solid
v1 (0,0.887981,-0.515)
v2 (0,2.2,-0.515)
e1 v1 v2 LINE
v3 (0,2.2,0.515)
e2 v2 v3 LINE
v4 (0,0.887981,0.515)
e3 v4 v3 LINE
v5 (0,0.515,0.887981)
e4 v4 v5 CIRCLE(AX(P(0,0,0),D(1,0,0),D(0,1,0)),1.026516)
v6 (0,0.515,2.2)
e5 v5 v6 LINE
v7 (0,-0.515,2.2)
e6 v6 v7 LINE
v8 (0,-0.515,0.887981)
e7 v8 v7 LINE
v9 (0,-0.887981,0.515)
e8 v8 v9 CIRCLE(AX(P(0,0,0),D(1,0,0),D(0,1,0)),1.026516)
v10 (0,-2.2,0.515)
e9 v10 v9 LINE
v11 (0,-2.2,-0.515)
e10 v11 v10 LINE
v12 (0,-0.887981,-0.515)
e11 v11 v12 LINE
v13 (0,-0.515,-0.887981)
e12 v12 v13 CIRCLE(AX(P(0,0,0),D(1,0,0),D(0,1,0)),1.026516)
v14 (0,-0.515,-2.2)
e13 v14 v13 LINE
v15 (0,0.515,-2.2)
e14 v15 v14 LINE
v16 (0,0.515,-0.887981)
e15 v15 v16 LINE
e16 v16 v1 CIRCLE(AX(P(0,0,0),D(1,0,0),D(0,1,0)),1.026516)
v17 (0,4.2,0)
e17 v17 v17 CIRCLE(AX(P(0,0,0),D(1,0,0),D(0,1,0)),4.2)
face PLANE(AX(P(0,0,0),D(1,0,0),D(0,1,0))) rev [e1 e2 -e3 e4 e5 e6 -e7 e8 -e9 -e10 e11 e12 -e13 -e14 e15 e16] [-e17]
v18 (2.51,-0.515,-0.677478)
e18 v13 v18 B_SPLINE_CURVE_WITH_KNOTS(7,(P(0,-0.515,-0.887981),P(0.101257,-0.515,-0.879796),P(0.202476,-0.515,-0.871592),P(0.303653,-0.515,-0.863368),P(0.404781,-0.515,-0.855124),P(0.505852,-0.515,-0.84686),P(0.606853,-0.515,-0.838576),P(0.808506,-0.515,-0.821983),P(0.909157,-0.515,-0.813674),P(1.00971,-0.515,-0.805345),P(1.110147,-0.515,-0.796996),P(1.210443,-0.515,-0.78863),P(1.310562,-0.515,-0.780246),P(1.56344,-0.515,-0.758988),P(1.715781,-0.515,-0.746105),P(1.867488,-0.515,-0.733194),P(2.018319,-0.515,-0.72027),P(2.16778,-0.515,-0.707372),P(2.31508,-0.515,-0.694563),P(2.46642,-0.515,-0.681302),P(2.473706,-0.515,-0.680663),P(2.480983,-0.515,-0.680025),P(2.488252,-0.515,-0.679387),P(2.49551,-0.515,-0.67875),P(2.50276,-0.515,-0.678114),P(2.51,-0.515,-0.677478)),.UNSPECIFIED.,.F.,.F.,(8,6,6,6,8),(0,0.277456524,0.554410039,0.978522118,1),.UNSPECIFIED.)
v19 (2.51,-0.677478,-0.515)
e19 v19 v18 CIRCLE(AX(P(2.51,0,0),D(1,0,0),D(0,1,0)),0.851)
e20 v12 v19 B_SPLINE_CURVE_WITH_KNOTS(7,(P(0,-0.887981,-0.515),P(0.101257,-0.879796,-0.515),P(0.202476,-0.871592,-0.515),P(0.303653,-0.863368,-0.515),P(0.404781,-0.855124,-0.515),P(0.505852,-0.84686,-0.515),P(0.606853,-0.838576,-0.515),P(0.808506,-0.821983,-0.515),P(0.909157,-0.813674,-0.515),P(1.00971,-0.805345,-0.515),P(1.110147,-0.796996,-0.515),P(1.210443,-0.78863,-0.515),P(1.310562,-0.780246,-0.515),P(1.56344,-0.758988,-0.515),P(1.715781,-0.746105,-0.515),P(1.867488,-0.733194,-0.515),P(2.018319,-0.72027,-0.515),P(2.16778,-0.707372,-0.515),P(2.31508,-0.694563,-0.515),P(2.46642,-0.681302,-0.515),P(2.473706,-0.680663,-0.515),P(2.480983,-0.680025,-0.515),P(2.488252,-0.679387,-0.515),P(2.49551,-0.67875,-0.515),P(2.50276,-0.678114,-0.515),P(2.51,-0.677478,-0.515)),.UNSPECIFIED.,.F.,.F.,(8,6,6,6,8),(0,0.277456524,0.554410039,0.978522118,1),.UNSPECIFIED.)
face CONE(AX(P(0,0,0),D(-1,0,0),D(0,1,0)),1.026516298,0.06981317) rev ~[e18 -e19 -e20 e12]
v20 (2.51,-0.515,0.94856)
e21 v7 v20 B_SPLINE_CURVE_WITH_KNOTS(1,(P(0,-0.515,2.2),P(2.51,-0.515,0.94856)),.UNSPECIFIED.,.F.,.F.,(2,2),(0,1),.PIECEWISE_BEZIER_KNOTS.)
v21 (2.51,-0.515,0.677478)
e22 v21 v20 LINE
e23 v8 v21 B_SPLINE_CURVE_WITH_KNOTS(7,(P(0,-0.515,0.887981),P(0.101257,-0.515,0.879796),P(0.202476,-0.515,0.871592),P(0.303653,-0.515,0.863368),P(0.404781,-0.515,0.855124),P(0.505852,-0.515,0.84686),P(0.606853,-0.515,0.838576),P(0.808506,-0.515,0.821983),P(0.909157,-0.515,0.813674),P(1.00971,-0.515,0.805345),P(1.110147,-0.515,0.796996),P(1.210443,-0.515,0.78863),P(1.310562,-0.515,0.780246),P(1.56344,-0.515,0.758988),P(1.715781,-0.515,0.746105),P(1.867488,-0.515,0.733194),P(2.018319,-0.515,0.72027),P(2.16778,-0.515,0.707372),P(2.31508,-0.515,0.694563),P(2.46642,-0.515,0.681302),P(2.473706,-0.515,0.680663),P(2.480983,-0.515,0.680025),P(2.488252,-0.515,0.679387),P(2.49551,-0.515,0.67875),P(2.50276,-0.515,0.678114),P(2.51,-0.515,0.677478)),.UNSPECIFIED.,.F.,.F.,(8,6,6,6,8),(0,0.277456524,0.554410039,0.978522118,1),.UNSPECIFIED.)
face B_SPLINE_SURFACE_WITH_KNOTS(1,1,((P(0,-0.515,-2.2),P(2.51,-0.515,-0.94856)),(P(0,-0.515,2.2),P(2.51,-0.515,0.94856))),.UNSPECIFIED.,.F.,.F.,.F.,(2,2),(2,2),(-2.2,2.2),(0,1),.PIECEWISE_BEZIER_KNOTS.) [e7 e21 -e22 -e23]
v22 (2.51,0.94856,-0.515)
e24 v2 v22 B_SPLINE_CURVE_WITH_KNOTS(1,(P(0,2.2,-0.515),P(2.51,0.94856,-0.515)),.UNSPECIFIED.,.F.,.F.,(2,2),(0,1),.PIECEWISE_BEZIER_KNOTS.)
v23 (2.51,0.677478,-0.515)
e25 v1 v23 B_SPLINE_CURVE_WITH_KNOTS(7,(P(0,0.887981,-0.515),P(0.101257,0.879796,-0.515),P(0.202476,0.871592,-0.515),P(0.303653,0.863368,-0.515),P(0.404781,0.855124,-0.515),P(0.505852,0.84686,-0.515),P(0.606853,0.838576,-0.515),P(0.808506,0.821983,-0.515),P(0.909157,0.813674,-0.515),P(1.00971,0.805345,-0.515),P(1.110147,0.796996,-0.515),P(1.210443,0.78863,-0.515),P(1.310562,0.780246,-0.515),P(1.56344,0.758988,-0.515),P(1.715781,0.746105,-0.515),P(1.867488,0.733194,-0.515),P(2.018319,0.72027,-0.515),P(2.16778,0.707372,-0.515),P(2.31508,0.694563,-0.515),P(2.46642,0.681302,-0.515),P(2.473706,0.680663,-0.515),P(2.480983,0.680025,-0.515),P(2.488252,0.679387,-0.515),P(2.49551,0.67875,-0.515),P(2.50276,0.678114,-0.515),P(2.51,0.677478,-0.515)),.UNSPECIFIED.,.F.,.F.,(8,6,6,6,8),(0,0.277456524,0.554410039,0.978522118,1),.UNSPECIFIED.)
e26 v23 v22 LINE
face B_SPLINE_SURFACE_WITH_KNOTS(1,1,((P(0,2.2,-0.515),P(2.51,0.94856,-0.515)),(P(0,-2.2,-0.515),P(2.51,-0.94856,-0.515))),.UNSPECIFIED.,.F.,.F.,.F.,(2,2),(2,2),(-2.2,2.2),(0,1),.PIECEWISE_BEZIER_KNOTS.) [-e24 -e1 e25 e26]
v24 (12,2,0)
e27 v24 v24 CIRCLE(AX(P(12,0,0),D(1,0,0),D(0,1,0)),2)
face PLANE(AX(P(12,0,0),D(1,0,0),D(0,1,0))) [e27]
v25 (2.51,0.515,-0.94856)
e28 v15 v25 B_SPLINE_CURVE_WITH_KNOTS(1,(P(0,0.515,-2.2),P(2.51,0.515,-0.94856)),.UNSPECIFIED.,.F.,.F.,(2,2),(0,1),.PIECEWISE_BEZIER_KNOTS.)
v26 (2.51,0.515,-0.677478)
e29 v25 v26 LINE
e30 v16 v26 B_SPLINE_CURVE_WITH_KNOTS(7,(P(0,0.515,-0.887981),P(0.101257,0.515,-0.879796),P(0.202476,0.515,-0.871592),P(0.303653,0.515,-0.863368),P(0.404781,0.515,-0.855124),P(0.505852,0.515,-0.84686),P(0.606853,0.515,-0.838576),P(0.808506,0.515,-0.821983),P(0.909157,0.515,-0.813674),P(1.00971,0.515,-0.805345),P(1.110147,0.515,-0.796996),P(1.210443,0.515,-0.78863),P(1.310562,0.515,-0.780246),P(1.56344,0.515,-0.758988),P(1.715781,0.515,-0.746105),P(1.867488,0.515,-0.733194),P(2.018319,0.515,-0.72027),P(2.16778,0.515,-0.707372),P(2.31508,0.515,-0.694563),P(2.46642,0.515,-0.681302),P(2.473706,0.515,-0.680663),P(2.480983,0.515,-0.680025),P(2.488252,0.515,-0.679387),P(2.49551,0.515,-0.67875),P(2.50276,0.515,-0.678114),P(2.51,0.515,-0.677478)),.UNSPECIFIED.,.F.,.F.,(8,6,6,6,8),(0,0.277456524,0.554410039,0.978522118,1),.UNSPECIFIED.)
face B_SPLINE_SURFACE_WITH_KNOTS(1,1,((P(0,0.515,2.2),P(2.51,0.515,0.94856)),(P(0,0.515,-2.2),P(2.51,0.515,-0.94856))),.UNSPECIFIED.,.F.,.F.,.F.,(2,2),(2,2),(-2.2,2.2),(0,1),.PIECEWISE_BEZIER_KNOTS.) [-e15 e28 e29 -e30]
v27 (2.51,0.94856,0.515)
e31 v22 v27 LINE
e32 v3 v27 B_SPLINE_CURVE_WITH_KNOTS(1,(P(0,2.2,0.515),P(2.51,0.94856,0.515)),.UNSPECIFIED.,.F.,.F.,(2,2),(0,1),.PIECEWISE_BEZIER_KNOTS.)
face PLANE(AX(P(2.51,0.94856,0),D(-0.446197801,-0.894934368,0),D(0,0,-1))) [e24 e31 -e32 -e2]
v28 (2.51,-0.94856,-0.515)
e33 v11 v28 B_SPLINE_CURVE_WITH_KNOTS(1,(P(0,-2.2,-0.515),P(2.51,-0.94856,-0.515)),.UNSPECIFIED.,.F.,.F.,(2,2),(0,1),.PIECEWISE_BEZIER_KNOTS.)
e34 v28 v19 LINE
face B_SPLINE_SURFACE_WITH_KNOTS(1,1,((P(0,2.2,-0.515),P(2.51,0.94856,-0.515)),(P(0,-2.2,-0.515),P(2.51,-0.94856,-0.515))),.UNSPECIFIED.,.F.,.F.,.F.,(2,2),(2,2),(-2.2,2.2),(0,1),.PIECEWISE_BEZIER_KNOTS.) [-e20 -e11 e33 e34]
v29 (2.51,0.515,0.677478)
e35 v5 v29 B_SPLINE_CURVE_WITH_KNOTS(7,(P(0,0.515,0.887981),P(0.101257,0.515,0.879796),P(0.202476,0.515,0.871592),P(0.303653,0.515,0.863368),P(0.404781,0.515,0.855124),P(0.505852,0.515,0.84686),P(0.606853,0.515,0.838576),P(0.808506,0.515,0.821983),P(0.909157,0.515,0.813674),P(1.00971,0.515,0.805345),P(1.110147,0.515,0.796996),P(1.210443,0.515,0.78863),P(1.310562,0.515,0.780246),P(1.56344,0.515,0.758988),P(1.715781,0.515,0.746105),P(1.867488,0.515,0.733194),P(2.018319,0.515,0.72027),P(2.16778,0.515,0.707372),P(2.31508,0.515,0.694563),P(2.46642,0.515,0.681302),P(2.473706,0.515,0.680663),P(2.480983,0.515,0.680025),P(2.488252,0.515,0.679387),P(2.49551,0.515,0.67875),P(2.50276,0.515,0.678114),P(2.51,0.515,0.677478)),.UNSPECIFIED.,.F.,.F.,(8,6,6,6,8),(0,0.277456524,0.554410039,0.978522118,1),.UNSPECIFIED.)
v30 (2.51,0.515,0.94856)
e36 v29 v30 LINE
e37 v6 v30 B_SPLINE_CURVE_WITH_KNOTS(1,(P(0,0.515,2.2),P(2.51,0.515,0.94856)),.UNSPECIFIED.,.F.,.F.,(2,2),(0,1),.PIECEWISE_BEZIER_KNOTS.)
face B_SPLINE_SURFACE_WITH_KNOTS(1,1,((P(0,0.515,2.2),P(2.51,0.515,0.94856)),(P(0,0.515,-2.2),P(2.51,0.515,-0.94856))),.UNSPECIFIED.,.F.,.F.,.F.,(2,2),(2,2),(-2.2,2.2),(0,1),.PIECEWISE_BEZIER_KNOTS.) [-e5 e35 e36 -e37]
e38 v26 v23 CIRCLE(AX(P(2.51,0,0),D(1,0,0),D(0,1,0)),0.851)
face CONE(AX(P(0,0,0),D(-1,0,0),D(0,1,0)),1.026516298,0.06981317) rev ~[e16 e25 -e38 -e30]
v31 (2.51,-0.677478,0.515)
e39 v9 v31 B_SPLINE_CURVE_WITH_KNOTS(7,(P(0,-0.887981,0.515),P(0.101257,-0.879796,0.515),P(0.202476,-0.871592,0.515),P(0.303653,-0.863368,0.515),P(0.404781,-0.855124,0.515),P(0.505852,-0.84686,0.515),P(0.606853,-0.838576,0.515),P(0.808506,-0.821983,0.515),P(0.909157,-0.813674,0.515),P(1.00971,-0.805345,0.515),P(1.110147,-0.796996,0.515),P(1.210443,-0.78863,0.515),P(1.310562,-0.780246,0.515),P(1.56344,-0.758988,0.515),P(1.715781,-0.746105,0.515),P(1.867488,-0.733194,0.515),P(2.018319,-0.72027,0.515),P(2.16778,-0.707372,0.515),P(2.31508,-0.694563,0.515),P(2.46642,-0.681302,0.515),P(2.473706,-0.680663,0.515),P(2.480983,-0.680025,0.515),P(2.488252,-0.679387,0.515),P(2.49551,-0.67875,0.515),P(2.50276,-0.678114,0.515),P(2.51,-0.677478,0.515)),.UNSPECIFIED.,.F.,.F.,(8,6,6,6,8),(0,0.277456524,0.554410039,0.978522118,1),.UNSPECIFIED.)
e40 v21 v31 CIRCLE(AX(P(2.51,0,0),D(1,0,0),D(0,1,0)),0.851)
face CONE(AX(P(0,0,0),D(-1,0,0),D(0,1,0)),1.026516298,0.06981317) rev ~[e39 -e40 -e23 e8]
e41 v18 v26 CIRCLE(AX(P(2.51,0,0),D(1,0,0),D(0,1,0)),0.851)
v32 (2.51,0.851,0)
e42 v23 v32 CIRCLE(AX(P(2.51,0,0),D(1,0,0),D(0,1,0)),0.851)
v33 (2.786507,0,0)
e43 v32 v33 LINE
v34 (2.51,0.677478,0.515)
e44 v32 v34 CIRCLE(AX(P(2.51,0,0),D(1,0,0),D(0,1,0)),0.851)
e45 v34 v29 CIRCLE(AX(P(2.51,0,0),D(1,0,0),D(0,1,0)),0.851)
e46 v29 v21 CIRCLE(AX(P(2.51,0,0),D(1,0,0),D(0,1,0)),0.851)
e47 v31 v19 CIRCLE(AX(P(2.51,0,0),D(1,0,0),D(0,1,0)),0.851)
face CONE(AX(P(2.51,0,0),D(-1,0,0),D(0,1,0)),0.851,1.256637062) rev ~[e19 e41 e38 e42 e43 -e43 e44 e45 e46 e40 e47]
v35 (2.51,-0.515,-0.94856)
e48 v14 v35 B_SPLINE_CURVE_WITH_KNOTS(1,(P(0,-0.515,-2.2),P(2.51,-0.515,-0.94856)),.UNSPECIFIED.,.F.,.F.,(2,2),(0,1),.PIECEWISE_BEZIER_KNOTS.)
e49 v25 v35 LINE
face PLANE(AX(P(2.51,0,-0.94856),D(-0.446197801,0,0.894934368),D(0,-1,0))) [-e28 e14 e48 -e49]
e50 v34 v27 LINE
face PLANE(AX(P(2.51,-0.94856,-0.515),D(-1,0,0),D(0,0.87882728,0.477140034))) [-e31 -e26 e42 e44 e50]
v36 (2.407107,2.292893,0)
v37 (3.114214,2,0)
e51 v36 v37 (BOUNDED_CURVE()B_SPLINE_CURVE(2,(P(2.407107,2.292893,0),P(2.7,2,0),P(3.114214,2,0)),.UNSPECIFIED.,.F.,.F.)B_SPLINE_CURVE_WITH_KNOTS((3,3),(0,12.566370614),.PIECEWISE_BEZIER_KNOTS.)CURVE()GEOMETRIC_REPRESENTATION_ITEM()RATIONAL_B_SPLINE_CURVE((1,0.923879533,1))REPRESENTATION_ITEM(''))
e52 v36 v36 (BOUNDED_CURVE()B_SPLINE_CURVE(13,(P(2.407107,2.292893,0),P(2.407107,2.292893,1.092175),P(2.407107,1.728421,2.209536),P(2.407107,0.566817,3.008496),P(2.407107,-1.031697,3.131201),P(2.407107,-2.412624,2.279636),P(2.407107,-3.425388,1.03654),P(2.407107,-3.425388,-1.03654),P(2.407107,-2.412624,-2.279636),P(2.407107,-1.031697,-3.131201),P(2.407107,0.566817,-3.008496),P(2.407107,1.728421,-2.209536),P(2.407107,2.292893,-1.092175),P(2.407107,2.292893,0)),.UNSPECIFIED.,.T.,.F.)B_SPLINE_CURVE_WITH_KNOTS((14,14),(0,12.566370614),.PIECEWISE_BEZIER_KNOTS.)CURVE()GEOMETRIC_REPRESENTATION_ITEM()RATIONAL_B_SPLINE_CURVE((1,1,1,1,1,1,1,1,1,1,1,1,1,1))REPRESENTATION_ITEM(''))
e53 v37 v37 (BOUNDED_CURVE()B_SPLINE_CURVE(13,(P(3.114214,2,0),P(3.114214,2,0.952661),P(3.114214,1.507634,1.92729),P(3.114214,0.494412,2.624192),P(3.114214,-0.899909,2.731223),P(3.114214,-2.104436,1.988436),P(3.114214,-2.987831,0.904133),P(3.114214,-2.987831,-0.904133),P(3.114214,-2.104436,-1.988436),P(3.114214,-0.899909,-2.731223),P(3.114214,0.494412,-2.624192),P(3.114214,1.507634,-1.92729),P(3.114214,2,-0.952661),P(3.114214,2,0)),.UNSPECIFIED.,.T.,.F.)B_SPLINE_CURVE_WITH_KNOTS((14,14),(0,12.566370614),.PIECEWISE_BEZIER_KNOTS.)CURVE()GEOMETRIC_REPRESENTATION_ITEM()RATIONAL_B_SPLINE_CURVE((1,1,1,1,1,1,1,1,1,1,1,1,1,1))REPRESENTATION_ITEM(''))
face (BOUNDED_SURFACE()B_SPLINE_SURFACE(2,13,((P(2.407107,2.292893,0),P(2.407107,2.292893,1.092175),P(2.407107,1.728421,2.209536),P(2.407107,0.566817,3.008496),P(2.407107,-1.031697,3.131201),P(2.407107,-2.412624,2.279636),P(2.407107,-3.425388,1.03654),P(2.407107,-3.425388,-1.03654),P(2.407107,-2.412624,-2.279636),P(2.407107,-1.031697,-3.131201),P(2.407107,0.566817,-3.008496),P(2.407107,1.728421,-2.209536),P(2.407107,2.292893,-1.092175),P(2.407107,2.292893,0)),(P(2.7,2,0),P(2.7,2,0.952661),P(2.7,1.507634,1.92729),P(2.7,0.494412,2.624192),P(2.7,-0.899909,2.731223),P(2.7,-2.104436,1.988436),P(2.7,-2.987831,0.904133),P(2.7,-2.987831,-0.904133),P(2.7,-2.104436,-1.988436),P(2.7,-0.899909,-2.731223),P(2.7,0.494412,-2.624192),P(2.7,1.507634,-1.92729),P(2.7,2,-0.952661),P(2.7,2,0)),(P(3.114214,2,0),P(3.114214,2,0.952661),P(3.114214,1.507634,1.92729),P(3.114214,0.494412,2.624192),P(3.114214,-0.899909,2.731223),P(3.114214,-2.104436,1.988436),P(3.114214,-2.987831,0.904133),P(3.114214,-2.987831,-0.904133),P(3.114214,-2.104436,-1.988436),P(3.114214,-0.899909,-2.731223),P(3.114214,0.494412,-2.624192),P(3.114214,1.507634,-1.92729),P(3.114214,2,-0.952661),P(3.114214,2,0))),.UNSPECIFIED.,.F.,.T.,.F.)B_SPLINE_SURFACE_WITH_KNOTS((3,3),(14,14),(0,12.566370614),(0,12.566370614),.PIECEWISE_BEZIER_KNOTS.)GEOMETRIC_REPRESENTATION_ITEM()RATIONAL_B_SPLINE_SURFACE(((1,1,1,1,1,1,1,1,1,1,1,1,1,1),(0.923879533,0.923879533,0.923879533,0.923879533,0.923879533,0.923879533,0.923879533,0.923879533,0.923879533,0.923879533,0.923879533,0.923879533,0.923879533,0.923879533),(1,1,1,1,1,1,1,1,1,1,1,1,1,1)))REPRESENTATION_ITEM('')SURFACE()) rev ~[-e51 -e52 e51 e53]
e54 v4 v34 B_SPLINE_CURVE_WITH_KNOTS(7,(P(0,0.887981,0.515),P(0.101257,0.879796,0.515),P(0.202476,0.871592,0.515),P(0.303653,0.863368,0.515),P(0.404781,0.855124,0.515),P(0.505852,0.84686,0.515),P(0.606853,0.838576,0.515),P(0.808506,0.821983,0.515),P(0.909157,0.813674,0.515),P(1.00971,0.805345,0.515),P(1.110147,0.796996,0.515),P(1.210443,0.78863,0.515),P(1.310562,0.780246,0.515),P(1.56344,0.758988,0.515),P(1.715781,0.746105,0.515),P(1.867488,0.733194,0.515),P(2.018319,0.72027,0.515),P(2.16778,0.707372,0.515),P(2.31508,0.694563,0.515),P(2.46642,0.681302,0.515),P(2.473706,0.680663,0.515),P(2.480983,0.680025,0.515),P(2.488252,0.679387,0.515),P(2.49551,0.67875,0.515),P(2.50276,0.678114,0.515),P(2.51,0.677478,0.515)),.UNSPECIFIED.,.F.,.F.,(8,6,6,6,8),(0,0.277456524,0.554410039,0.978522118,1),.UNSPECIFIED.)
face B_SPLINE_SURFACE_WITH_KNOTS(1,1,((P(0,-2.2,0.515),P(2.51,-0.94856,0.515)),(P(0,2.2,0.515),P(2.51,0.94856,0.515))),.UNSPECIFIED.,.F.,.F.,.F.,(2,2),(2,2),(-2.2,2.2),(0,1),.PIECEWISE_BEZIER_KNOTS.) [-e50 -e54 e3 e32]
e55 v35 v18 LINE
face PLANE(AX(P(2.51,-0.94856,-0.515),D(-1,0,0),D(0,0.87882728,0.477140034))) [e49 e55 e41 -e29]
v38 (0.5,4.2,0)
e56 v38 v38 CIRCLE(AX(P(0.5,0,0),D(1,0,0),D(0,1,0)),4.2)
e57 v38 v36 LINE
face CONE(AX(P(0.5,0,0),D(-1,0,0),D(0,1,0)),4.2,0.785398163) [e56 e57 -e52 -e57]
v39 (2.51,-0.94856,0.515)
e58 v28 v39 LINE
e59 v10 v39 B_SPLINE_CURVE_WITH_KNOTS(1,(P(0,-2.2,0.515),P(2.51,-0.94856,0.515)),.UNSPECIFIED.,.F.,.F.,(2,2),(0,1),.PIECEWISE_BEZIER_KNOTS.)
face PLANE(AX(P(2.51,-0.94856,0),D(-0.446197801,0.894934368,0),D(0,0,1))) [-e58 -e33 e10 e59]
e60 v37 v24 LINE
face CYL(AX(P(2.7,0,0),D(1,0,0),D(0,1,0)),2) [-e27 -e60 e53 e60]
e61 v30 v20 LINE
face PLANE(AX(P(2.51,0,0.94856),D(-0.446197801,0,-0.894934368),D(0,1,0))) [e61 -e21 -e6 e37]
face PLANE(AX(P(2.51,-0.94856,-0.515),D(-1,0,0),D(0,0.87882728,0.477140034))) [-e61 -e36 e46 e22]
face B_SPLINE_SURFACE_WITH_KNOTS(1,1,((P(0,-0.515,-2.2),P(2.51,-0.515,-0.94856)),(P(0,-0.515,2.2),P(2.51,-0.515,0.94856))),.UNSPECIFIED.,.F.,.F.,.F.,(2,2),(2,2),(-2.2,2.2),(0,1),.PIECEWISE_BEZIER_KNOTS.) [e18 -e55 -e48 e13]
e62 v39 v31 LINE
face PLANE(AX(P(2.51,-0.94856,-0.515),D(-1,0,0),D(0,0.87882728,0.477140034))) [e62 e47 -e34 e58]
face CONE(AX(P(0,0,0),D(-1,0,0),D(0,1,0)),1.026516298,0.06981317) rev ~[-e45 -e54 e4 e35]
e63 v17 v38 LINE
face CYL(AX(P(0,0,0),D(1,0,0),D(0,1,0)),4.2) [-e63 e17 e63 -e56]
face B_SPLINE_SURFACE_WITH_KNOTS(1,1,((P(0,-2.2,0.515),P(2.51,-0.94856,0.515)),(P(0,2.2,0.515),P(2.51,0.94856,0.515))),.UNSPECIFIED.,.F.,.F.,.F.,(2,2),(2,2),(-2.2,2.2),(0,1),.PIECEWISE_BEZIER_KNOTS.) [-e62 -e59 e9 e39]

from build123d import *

# Parameters (mm, degrees)
FILLET1_R    = 1
SKETCH3_W    = 1.03
SKETCH3_H    = 4.4
SKETCH4_W    = 1.03
SKETCH4_H    = 1.897120414
RECPAT_COUNT = 2
RECPAT_ANGLE = 90


with BuildPart() as part:
    # BodySke → Base-Revolve (revolve)
    with BuildSketch(Plane.XY):
        Polygon((0, 0), (0, 4.2), (0.5, 4.2), (2.7, 2), (12, 2), (12, 0), align=None)
    revolve(axis=Axis((-6.35, 0, 0), (1, 0, 0)))

    # Fillet1
    fillet1_edges = [part.edges().sort_by_distance(p)[0] for p in [
        (2.7, -2, 0),
    ]]
    fillet(fillet1_edges, radius=FILLET1_R)

    # Sketch3 → Recess section 0
    with BuildSketch(Plane.ZY):
        Rectangle(SKETCH3_W, SKETCH3_H)
    # Sketch4 → Recess section 1
    with BuildSketch(Plane.ZY.offset(-2.51)):
        Rectangle(SKETCH4_W, SKETCH4_H)
    recess = loft(mode=Mode.SUBTRACT)

    # RecPat: Recess ×2 about axis
    recpat_axis = Axis((0, 0, 0), (1, 0, 0))
    for i in range(1, RECPAT_COUNT):
        add(recess.rotate(recpat_axis, i * RECPAT_ANGLE / (RECPAT_COUNT - 1)), mode=Mode.SUBTRACT)

    # RecCorSke → RecessCore (revolve, cut)
    with BuildSketch(Plane.XY):
        Polygon((0, 0), (0, 1.026516298), (2.51, 0.851), (2.786506661, 0), align=None)
    revolve(axis=Axis((-3.175, 0, 0), (1, 0, 0)), mode=Mode.SUBTRACT)


solid = part.part
